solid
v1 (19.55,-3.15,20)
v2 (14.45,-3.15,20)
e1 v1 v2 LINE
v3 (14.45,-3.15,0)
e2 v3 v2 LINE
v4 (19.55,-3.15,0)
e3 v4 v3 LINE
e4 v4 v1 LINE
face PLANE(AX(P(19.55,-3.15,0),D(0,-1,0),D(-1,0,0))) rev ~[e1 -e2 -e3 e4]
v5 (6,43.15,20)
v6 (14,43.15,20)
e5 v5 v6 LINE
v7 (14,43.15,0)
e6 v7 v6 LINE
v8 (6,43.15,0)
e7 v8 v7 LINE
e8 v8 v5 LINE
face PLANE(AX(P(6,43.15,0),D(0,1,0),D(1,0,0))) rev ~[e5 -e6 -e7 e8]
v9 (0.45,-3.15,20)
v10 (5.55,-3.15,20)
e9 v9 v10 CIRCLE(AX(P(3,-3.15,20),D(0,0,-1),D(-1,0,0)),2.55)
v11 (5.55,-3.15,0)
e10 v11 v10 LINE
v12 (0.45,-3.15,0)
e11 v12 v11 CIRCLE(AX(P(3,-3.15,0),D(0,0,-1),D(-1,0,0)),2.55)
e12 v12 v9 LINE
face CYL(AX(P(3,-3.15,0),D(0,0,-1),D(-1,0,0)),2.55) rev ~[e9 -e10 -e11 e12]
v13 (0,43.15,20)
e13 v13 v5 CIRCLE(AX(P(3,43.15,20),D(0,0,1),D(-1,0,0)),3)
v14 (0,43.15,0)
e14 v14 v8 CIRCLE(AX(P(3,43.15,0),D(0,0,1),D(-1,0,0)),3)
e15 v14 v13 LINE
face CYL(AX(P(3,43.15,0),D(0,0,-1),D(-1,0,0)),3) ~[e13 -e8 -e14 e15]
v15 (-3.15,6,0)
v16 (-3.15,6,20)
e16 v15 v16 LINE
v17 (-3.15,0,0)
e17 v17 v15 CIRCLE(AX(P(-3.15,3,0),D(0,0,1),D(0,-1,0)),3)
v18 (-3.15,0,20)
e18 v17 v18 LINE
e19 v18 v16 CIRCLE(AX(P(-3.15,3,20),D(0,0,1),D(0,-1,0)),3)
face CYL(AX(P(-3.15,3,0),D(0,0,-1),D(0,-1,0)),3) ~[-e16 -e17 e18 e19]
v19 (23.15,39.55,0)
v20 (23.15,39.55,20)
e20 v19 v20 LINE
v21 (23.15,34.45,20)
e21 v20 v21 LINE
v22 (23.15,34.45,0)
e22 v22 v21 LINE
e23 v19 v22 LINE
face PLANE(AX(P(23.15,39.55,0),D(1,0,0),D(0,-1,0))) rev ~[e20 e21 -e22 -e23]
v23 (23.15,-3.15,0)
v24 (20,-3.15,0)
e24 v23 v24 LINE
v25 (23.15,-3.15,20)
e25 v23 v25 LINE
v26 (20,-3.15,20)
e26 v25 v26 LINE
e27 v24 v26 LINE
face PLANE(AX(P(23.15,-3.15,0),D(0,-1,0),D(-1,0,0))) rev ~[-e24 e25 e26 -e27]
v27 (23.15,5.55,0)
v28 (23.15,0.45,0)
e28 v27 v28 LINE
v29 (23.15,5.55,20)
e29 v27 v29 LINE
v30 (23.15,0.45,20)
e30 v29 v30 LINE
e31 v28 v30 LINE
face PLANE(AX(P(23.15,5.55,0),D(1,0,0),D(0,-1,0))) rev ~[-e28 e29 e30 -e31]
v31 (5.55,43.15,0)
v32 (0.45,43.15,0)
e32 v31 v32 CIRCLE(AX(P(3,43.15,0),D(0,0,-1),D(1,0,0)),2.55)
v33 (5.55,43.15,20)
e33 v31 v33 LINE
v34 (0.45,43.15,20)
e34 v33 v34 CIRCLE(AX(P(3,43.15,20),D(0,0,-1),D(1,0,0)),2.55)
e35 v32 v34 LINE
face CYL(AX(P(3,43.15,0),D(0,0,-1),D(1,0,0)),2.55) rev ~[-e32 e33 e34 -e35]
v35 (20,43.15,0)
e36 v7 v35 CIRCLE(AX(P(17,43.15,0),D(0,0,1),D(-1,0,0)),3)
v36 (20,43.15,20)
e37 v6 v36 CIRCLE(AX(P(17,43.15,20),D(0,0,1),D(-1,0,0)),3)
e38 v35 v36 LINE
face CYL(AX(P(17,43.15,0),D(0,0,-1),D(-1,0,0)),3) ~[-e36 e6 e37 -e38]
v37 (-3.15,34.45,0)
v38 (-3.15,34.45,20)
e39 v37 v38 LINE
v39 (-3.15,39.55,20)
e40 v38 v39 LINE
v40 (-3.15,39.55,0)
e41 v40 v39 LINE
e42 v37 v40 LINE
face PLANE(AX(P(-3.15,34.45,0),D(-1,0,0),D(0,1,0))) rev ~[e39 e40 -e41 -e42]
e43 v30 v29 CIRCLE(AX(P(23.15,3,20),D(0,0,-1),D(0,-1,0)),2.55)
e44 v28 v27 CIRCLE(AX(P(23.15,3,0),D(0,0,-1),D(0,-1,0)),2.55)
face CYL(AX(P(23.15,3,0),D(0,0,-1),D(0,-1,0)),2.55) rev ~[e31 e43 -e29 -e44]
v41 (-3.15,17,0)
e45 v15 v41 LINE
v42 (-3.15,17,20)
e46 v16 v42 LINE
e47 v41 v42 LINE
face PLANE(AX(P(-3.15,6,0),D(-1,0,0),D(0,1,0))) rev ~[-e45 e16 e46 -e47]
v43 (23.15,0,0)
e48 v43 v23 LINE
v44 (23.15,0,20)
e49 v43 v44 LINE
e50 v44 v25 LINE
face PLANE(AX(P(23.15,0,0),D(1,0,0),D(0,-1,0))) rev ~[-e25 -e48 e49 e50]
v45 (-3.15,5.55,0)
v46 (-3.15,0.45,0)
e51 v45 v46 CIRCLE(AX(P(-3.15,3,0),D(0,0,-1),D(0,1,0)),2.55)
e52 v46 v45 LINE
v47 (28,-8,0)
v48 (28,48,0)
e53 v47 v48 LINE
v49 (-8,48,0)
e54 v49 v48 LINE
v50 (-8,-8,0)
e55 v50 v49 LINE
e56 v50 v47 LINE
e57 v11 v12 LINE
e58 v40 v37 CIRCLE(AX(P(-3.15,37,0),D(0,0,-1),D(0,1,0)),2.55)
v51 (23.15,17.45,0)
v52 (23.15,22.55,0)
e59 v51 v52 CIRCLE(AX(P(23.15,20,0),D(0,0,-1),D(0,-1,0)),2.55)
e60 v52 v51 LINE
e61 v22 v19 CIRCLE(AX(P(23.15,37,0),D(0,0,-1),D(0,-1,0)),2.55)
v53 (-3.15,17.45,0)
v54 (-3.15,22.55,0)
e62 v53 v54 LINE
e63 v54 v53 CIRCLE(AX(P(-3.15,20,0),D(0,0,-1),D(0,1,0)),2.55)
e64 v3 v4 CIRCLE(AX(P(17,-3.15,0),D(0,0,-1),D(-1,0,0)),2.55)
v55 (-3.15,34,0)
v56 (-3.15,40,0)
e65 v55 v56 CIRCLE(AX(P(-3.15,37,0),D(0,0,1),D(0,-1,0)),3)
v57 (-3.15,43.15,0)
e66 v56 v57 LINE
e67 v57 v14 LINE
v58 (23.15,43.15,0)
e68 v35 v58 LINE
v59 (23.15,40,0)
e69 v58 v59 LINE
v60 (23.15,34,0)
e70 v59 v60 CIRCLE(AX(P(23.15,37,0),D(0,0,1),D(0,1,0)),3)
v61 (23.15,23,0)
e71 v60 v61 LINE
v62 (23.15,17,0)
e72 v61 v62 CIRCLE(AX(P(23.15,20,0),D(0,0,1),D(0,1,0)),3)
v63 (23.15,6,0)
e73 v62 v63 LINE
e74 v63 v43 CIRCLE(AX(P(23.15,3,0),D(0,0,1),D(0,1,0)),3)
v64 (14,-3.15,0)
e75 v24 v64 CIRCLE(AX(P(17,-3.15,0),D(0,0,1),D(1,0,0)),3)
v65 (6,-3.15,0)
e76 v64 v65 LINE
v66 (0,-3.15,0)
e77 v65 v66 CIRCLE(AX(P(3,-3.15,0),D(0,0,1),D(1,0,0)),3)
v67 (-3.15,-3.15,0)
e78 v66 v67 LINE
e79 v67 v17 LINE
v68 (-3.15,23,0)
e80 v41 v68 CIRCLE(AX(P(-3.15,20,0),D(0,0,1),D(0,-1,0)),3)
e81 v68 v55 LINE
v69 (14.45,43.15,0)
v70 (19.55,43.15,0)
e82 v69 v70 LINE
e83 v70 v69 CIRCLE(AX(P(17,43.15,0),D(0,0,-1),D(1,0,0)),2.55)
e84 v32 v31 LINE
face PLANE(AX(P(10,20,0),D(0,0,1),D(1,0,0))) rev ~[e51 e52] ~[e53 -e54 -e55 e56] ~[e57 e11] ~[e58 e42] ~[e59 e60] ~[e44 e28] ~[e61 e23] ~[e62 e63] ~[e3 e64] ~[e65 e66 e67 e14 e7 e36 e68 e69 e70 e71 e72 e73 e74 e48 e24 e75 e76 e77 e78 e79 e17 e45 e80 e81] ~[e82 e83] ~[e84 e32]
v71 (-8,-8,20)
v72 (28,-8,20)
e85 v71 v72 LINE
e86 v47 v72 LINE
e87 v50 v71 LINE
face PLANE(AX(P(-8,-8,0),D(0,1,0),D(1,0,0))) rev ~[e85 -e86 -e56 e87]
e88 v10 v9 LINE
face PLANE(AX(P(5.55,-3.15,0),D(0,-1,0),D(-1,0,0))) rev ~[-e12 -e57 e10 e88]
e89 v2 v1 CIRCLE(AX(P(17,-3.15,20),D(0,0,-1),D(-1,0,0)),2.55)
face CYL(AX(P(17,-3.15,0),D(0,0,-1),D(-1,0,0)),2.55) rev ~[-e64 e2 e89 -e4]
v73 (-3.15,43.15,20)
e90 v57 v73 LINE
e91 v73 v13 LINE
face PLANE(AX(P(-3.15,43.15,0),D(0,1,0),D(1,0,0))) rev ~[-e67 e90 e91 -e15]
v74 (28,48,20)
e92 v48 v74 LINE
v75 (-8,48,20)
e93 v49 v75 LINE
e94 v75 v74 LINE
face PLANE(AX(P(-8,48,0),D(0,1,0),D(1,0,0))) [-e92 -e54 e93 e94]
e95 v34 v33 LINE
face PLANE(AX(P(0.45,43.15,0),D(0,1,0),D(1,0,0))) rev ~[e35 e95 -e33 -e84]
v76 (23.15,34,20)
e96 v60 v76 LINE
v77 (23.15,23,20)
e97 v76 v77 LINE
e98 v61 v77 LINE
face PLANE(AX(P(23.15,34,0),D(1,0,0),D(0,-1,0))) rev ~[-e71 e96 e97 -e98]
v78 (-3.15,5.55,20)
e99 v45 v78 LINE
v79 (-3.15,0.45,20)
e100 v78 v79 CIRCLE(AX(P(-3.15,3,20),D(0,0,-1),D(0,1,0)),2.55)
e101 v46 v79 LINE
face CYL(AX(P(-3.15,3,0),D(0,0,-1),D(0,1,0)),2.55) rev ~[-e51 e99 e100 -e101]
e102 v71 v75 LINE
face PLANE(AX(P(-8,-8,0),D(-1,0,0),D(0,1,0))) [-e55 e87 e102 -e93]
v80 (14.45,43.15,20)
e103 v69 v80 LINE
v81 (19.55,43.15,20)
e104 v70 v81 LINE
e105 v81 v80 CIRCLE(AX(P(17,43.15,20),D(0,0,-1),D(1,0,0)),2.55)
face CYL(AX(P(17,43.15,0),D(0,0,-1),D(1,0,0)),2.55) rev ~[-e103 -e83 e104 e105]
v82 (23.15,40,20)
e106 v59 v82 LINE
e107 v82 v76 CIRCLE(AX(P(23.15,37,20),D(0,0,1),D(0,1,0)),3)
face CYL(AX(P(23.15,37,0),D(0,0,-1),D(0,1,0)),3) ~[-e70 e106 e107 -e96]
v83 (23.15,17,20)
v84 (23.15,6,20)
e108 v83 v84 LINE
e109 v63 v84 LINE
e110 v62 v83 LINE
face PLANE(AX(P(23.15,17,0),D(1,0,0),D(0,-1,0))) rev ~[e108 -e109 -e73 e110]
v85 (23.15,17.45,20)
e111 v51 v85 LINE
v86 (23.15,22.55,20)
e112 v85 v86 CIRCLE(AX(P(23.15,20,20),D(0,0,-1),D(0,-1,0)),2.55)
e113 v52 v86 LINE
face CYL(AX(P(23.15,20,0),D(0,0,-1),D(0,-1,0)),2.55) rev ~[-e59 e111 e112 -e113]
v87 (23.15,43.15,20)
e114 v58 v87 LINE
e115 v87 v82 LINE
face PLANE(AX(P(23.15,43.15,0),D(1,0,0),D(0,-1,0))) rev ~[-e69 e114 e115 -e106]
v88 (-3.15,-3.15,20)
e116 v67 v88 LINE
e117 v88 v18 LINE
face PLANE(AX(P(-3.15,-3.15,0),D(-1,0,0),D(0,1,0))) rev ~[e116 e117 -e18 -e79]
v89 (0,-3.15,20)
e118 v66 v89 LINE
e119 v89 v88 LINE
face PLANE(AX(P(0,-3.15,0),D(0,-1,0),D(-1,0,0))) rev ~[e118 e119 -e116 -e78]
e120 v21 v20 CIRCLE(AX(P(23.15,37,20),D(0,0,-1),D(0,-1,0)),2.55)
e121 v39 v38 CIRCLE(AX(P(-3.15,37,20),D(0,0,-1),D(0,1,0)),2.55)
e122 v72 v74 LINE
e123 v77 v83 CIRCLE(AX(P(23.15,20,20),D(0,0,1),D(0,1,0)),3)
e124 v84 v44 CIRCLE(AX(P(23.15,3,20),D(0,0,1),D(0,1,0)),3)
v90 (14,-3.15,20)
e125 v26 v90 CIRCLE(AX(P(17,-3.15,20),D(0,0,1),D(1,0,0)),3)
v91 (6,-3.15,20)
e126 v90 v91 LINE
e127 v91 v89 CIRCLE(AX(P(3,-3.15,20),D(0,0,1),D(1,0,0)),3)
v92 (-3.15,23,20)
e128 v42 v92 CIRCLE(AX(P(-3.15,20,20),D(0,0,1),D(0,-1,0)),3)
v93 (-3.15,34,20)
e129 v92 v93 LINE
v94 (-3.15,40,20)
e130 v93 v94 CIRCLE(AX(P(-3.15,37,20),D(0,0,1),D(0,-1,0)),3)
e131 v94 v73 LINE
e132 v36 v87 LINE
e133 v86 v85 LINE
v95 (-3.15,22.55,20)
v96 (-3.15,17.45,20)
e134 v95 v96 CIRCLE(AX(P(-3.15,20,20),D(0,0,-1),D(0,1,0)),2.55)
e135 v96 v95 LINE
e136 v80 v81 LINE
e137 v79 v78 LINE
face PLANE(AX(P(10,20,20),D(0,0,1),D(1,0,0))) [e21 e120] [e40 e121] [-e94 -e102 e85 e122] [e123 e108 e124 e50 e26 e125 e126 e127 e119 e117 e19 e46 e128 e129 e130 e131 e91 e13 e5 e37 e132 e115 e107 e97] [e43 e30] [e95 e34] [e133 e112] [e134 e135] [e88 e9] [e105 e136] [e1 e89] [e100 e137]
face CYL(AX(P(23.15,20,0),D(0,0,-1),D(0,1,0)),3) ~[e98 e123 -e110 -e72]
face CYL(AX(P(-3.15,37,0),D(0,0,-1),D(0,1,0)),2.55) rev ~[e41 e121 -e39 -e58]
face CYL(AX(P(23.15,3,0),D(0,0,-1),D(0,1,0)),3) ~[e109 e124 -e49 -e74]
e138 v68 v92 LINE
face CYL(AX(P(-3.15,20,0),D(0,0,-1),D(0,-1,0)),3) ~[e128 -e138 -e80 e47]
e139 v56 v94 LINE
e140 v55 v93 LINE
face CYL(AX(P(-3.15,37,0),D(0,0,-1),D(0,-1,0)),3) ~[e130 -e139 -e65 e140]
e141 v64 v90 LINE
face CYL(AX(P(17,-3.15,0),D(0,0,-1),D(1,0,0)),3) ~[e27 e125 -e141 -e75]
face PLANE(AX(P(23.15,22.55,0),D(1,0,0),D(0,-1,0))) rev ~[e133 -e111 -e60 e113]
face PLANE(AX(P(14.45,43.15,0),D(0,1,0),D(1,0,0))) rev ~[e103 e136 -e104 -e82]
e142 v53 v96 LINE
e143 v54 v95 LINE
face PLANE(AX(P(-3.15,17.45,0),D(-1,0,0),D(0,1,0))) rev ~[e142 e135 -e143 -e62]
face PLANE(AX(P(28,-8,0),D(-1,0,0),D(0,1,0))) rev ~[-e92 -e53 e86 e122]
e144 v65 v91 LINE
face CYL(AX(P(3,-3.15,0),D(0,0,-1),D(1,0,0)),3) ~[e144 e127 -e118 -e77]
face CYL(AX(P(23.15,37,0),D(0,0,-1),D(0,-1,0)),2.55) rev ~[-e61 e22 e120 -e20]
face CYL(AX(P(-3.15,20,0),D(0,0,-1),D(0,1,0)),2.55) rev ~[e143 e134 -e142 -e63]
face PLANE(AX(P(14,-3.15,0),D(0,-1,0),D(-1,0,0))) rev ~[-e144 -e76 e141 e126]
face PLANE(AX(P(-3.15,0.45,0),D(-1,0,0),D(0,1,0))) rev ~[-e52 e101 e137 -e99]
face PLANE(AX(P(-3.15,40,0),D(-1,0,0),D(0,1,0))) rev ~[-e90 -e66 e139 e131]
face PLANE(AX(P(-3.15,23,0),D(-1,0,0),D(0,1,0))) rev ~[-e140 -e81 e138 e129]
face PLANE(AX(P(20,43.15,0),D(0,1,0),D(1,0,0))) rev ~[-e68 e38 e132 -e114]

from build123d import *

# Parameters (mm, degrees)
F0_W     = 36
F0_H     = 56
F1_DEPTH = 20


with BuildPart() as f1:
    # F0 (on Top) → F1 (new body)
    with BuildSketch(Plane.XY):
        with Locations((10, 20)):
            Rectangle(F0_W, F0_H)
        with BuildLine():
            ThreePointArc((-3.15, 5.55), (-0.6, 3), (-3.15, 0.45))
            Line((-3.15, 0.45), (-3.15, 5.55))
        make_face(mode=Mode.SUBTRACT)
        with BuildLine():
            ThreePointArc((0.45, -3.15), (3, -0.6), (5.55, -3.15))
            Line((5.55, -3.15), (0.45, -3.15))
        make_face(mode=Mode.SUBTRACT)
        with BuildLine():
            ThreePointArc((14.45, -3.15), (17, -0.6), (19.55, -3.15))
            Line((19.55, -3.15), (14.45, -3.15))
        make_face(mode=Mode.SUBTRACT)
        with BuildLine():
            ThreePointArc((23.15, 0.45), (20.6, 3), (23.15, 5.55))
            Line((23.15, 5.55), (23.15, 0.45))
        make_face(mode=Mode.SUBTRACT)
        with BuildLine():
            ThreePointArc((-3.15, 22.55), (-0.6, 20), (-3.15, 17.45))
            Line((-3.15, 17.45), (-3.15, 22.55))
        make_face(mode=Mode.SUBTRACT)
        with BuildLine():
            ThreePointArc((-3.15, 39.55), (-0.6, 37), (-3.15, 34.45))
            Line((-3.15, 34.45), (-3.15, 39.55))
        make_face(mode=Mode.SUBTRACT)
        with BuildLine():
            ThreePointArc((5.55, 43.15), (3, 40.6), (0.45, 43.15))
            Line((0.45, 43.15), (5.55, 43.15))
        make_face(mode=Mode.SUBTRACT)
        with BuildLine():
            Line((-3.15, 40), (-3.15, 43.15))
            Line((-3.15, 43.15), (0, 43.15))
            ThreePointArc((0, 43.15), (3, 40.15), (6, 43.15))
            Line((6, 43.15), (14, 43.15))
            ThreePointArc((14, 43.15), (17, 40.15), (20, 43.15))
            Line((20, 43.15), (23.15, 43.15))
            Line((23.15, 43.15), (23.15, 40))
            ThreePointArc((23.15, 40), (20.15, 37), (23.15, 34))
            Line((23.15, 34), (23.15, 23))
            ThreePointArc((23.15, 23), (20.15, 20), (23.15, 17))
            Line((23.15, 17), (23.15, 6))
            ThreePointArc((23.15, 6), (20.15, 3), (23.15, 0))
            Line((23.15, 0), (23.15, -3.15))
            Line((23.15, -3.15), (20, -3.15))
            ThreePointArc((20, -3.15), (17, -0.15), (14, -3.15))
            Line((14, -3.15), (6, -3.15))
            ThreePointArc((6, -3.15), (3, -0.15), (0, -3.15))
            Line((0, -3.15), (-3.15, -3.15))
            Line((-3.15, -3.15), (-3.15, 0))
            ThreePointArc((-3.15, 0), (-0.15, 3), (-3.15, 6))
            Line((-3.15, 6), (-3.15, 17))
            ThreePointArc((-3.15, 17), (-0.15, 20), (-3.15, 23))
            Line((-3.15, 23), (-3.15, 34))
            ThreePointArc((-3.15, 34), (-0.15, 37), (-3.15, 40))
        make_face(mode=Mode.SUBTRACT)
        with BuildLine():
            ThreePointArc((23.15, 17.45), (20.6, 20), (23.15, 22.55))
            Line((23.15, 22.55), (23.15, 17.45))
        make_face(mode=Mode.SUBTRACT)
        with BuildLine():
            ThreePointArc((19.55, 43.15), (17, 40.6), (14.45, 43.15))
            Line((14.45, 43.15), (19.55, 43.15))
        make_face(mode=Mode.SUBTRACT)
        with BuildLine():
            ThreePointArc((23.15, 34.45), (20.6, 37), (23.15, 39.55))
            Line((23.15, 39.55), (23.15, 34.45))
        make_face(mode=Mode.SUBTRACT)
    extrude(amount=F1_DEPTH)


solid = f1.part
